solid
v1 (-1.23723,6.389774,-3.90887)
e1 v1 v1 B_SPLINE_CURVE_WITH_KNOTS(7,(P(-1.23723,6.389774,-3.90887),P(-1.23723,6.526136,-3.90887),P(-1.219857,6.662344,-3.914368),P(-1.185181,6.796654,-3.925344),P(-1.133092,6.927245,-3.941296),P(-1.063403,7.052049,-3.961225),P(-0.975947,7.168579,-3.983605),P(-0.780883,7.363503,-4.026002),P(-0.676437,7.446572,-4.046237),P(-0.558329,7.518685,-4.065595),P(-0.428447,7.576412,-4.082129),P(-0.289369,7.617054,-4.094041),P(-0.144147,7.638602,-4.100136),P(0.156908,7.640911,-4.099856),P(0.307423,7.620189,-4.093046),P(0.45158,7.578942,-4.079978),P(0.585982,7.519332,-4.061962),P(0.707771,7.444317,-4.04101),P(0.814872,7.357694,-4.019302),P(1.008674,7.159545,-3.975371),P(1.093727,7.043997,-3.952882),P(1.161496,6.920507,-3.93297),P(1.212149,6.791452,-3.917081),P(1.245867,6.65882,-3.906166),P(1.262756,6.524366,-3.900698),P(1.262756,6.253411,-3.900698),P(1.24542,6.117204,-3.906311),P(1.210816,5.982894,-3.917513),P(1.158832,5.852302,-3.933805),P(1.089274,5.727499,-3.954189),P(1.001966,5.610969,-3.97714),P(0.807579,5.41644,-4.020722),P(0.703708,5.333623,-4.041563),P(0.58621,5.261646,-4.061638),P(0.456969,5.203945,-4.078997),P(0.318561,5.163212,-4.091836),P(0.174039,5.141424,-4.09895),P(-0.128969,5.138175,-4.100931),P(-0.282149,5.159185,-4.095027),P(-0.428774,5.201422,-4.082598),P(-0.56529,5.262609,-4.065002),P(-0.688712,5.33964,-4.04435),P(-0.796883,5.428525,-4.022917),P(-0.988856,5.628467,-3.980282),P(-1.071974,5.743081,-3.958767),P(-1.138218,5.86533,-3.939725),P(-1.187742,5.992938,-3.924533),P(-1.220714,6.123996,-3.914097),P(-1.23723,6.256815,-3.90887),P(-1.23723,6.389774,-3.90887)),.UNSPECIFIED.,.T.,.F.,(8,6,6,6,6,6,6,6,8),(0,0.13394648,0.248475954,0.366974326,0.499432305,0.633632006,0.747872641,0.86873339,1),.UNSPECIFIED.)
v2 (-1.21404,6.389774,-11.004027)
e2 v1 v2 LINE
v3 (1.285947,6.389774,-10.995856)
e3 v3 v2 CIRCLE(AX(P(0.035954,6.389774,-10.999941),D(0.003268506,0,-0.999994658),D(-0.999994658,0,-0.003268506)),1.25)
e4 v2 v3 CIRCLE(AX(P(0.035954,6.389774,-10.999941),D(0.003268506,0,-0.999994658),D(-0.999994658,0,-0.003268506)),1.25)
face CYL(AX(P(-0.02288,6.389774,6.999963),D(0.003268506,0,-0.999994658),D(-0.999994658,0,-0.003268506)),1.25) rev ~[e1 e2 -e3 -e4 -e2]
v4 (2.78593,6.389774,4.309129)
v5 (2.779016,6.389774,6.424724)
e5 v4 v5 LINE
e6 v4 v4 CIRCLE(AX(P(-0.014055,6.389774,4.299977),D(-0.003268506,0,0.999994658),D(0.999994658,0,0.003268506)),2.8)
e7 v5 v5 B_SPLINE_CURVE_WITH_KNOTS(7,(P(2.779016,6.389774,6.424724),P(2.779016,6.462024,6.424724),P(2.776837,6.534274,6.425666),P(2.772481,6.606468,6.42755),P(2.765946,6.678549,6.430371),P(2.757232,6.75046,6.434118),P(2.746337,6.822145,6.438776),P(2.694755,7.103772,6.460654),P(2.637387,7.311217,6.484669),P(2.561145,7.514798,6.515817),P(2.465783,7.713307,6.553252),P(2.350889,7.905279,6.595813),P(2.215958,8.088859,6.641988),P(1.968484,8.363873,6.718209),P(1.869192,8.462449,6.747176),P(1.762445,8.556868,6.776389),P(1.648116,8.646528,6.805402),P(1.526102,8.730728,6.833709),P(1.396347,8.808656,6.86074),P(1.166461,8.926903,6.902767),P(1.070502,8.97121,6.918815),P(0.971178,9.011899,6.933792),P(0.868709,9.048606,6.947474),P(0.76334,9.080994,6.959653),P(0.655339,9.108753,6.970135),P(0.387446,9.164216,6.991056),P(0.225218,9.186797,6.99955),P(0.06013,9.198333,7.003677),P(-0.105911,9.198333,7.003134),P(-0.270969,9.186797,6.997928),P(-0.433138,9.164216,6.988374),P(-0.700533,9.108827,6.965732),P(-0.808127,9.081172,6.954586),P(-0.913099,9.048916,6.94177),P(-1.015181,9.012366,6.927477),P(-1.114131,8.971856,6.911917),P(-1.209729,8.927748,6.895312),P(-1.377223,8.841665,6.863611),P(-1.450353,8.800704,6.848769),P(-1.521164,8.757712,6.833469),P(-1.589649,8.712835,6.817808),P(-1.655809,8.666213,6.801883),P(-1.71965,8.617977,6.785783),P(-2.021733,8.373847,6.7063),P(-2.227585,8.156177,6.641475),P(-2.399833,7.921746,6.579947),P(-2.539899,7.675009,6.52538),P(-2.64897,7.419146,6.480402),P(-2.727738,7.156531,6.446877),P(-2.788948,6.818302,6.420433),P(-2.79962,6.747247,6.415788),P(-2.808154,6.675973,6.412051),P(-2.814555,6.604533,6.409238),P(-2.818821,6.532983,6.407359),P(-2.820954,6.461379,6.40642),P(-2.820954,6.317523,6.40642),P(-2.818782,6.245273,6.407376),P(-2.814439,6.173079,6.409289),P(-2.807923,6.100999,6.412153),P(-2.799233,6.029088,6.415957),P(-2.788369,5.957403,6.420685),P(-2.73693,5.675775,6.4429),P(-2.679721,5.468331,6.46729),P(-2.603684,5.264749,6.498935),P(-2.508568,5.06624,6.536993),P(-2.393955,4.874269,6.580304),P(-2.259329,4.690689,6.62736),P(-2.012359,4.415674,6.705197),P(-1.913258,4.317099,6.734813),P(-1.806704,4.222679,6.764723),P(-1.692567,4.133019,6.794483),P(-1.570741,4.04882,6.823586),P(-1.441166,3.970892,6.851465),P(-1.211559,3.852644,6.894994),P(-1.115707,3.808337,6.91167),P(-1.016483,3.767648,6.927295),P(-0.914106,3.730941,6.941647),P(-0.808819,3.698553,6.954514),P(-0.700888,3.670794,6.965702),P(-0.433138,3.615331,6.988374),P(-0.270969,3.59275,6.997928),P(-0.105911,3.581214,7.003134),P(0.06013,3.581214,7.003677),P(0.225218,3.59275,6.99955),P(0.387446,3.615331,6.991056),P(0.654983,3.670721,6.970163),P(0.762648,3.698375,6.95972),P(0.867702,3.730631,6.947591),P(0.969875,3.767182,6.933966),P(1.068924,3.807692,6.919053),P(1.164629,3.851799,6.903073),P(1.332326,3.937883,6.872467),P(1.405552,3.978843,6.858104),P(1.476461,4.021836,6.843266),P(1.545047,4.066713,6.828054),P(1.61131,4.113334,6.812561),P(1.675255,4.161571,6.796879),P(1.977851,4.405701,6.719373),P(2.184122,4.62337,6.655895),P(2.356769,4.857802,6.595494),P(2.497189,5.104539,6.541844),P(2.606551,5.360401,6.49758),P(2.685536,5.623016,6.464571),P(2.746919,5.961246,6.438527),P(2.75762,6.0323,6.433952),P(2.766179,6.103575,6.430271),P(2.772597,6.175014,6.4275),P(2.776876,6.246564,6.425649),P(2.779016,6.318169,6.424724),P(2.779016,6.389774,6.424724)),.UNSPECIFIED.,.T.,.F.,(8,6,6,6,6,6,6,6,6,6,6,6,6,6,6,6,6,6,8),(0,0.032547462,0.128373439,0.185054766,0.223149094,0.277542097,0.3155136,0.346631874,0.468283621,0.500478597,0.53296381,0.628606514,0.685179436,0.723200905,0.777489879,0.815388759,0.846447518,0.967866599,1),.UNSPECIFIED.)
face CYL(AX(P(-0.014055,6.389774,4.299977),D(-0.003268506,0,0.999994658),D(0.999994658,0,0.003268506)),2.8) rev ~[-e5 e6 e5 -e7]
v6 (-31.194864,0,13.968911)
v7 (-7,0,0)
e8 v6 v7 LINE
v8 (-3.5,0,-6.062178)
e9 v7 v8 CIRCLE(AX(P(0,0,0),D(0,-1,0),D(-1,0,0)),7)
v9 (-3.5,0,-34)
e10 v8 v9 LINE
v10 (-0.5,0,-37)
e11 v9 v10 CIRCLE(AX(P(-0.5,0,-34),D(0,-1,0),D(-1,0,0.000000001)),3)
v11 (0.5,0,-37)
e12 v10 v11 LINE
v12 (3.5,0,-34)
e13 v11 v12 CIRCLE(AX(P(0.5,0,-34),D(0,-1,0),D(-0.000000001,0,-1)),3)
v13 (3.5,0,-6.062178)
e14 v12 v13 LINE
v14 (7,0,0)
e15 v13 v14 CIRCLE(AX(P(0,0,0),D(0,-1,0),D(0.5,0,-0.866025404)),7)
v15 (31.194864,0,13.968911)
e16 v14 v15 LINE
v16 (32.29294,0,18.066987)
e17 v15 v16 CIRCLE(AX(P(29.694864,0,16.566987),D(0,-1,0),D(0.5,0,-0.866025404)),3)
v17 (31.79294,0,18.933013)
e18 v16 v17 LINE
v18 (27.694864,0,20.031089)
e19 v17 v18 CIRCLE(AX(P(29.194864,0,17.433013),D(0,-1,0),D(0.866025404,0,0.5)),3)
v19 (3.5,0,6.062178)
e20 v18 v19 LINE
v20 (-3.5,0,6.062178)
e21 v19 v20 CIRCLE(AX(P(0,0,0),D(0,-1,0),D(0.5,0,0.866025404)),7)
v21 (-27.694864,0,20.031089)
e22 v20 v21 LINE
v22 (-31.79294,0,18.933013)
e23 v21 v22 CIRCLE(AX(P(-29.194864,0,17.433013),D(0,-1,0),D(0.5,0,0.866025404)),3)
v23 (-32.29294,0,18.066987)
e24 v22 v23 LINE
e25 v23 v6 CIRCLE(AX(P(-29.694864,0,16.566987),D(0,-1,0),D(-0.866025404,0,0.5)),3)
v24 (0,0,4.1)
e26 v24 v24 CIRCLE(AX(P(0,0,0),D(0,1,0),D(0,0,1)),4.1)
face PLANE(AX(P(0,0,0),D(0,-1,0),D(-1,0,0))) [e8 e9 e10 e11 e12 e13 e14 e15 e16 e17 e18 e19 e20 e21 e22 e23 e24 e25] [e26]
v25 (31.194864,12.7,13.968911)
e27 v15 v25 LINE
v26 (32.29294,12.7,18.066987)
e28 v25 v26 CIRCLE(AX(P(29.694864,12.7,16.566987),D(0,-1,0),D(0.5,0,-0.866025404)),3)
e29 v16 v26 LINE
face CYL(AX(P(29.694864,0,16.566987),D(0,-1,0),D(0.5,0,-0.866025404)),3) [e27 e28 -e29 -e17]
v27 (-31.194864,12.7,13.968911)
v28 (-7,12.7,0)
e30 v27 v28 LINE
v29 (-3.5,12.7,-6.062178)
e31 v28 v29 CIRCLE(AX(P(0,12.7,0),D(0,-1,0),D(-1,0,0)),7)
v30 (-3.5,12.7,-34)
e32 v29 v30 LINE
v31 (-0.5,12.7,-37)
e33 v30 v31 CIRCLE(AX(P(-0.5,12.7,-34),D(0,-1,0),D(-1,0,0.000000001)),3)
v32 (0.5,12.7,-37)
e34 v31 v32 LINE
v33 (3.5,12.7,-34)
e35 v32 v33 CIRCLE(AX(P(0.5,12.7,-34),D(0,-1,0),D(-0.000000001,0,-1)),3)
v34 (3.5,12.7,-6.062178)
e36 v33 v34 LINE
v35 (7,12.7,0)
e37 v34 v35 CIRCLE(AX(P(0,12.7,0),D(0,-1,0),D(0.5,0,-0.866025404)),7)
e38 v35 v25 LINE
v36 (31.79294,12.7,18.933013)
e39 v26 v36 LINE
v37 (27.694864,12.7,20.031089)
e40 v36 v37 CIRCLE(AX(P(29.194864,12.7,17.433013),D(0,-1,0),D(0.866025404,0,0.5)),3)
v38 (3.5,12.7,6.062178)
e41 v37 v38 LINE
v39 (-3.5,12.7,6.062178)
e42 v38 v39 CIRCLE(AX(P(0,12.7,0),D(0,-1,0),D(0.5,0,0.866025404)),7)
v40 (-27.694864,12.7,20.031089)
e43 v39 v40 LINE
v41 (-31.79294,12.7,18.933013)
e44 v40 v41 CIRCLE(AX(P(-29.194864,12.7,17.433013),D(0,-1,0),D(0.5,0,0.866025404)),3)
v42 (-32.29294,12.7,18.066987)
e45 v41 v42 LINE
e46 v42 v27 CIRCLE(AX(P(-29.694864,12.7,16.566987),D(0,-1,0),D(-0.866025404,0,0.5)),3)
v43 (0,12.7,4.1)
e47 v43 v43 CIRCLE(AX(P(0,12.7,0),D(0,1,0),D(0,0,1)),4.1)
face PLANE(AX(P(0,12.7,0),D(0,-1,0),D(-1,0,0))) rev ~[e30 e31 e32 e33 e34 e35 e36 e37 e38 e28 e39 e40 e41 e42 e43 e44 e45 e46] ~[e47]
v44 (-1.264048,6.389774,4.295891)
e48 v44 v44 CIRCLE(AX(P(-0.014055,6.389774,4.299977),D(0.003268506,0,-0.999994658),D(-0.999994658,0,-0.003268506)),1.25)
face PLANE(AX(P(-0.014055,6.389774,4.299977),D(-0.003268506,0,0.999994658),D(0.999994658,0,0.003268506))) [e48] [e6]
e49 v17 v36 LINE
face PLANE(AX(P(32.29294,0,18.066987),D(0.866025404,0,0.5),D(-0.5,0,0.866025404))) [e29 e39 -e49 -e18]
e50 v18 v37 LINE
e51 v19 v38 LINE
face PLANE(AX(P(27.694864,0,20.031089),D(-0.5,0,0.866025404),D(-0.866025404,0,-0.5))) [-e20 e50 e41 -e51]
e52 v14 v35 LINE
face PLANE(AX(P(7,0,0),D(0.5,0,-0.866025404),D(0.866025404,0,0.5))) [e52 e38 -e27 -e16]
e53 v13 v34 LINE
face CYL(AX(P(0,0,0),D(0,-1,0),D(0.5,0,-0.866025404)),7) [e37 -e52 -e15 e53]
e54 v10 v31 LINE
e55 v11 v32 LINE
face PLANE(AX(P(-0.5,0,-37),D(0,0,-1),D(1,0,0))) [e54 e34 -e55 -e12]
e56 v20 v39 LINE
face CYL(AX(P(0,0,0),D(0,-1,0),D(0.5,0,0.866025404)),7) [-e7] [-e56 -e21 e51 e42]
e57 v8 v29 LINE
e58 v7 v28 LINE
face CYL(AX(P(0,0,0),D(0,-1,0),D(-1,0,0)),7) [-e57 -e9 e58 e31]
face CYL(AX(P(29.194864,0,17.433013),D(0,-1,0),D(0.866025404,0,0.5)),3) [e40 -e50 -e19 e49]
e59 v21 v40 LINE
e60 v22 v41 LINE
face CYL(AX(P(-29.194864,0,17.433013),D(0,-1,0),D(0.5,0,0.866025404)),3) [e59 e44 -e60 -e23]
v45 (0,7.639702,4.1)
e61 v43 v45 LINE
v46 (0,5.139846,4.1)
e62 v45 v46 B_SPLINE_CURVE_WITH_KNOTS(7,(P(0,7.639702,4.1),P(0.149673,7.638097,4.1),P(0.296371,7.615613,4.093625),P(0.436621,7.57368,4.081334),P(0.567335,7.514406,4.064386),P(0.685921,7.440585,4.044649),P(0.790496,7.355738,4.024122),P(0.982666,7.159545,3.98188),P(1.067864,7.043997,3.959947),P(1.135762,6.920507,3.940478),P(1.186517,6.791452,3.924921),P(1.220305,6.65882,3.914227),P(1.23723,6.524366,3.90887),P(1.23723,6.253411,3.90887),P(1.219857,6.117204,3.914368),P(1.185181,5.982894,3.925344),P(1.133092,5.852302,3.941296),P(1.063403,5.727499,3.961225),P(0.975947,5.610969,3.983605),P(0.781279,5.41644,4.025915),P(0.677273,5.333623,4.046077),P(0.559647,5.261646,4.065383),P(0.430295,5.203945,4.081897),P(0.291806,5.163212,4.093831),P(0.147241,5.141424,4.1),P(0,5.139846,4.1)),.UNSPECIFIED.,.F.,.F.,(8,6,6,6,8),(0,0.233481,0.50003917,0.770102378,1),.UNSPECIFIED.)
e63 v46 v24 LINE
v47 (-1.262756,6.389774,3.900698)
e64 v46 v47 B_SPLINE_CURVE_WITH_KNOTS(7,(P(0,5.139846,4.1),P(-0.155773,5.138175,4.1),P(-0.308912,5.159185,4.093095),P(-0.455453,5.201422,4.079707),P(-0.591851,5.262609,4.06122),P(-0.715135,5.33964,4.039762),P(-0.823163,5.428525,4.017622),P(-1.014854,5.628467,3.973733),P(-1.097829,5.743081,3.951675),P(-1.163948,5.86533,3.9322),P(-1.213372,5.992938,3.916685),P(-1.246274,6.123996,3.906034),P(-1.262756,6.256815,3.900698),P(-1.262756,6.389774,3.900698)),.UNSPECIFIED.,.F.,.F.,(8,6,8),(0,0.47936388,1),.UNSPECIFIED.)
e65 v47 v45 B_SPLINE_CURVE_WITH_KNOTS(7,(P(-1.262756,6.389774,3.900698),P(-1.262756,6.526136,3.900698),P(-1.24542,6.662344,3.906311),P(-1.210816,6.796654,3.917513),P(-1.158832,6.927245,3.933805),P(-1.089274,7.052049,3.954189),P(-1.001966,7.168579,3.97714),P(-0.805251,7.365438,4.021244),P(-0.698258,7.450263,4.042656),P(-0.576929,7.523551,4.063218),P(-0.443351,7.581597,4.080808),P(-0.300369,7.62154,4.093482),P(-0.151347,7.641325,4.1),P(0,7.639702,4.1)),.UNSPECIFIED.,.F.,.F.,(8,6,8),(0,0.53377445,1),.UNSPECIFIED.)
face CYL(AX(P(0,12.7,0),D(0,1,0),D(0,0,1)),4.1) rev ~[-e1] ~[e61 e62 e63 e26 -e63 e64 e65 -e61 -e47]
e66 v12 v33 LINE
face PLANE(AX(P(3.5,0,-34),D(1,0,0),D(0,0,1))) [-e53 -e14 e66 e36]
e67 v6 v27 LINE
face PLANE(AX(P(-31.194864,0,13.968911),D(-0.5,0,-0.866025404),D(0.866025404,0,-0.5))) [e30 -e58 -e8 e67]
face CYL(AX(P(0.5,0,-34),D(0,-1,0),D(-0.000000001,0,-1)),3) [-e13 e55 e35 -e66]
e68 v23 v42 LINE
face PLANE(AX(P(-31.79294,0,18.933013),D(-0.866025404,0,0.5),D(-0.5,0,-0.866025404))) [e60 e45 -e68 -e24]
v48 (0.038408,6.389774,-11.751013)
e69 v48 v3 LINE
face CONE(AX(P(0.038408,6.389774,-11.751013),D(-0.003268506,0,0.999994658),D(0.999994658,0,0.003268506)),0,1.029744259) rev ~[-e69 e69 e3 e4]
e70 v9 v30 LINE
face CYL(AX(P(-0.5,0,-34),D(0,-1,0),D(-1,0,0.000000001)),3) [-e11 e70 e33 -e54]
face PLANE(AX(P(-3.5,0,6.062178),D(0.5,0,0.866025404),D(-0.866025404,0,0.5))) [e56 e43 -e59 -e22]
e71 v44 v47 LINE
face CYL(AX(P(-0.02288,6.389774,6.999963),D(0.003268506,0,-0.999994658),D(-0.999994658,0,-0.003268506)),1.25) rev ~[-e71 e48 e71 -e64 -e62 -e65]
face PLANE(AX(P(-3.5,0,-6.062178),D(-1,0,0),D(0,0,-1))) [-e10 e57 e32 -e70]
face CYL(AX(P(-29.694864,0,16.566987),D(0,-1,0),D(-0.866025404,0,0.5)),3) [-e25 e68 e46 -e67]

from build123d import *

# Parameters (mm, degrees)
BOSS_EXTRUDE1_DEPTH                               = 12.7
SKETCH2_R                                         = 4.1
CUT_EXTRUDE1_DEPTH                                = 51.982782527
CBORE_FOR_M5_HEX_HEAD_BOLT1_D                     = 2.5
CBORE_FOR_M5_HEX_HEAD_BOLT1_DEPTH                 = 18
CBORE_FOR_M5_HEX_HEAD_BOLT1_CBORE_D               = 5.6
CBORE_FOR_M5_HEX_HEAD_BOLT1_CBORE_DEPTH           = 2.7
CBORE_FOR_M5_HEX_HEAD_BOLT1_TIP                   = 0.751075774
CBORE_FOR_M5_HEX_HEAD_BOLT1_ON_FACE_2_D           = 2.5
CBORE_FOR_M5_HEX_HEAD_BOLT1_ON_FACE_2_DEPTH       = 18
CBORE_FOR_M5_HEX_HEAD_BOLT1_ON_FACE_2_CBORE_D     = 5.6
CBORE_FOR_M5_HEX_HEAD_BOLT1_ON_FACE_2_CBORE_DEPTH = 2.7
CBORE_FOR_M5_HEX_HEAD_BOLT1_ON_FACE_2_TIP         = 0.751075774


with BuildPart() as part:
    # Sketch1 → Boss-Extrude1 (new body)
    with BuildSketch(Plane(origin=(0, 0, 0), x_dir=(1, 0, 0), z_dir=(0, 1, 0))):
        with BuildLine():
            Line((-0.5, 37), (0.5, 37))
            ThreePointArc((0.5, 37), (2.621320344, 36.121320344), (3.5, 34))
            Line((3.5, 34), (3.5, 6.062177826))
            ThreePointArc((3.5, 6.062177826), (6.062177826, 3.5), (7, 0))
            Line((7, 0), (31.194863729, -13.968911087))
            ThreePointArc((31.194863729, -13.968911087), (32.592641208, -15.790530163), (32.29293994, -18.066987298))
            Line((32.29293994, -18.066987298), (31.79293994, -18.933012702))
            ThreePointArc((31.79293994, -18.933012702), (29.971320864, -20.330790181), (27.694863729, -20.031088913))
            Line((27.694863729, -20.031088913), (3.5, -6.062177826))
            ThreePointArc((3.5, -6.062177826), (0, -7), (-3.5, -6.062177826))
            Line((-3.5, -6.062177826), (-27.694863729, -20.031088913))
            ThreePointArc((-27.694863729, -20.031088913), (-29.971320864, -20.330790181), (-31.79293994, -18.933012702))
            Line((-31.79293994, -18.933012702), (-32.29293994, -18.066987298))
            ThreePointArc((-32.29293994, -18.066987298), (-32.592641208, -15.790530163), (-31.194863729, -13.968911087))
            Line((-31.194863729, -13.968911087), (-7, 0))
            ThreePointArc((-7, 0), (-6.062177826, 3.5), (-3.5, 6.062177826))
            Line((-3.5, 6.062177826), (-3.5, 34))
            ThreePointArc((-3.5, 34), (-2.621320344, 36.121320344), (-0.5, 37))
        make_face()
    extrude(amount=BOSS_EXTRUDE1_DEPTH)

    # Sketch2 → Cut-Extrude1 (cut, through all)
    with BuildSketch(Plane(origin=(0, 12.7, 0), x_dir=(1, 0, 0), z_dir=(0, 1, 0))):
        with Locations(Location((0, 0, 0), (0, 0, 270))):
            Circle(SKETCH2_R)
    extrude(amount=-CUT_EXTRUDE1_DEPTH, mode=Mode.SUBTRACT)

    # CBORE for M5 Hex Head Bolt1
    with Locations(Plane(origin=(-0.022879542, 6.389773721, 6.999962609), x_dir=(0.99999465842, 0, 0.003268506014), z_dir=(-0.003268506014, 0, 0.99999465842))):
        with Locations((0, 0)):
            CounterBoreHole(CBORE_FOR_M5_HEX_HEAD_BOLT1_D / 2, CBORE_FOR_M5_HEX_HEAD_BOLT1_CBORE_D / 2, CBORE_FOR_M5_HEX_HEAD_BOLT1_CBORE_DEPTH, depth=CBORE_FOR_M5_HEX_HEAD_BOLT1_DEPTH)
            with Locations((0, 0, -(CBORE_FOR_M5_HEX_HEAD_BOLT1_DEPTH + CBORE_FOR_M5_HEX_HEAD_BOLT1_TIP / 2))):  # 118° drill point
                Cone(0, CBORE_FOR_M5_HEX_HEAD_BOLT1_D / 2, CBORE_FOR_M5_HEX_HEAD_BOLT1_TIP, mode=Mode.SUBTRACT)

    # CBORE for M5 Hex Head Bolt1 on face 2
    with Locations(Plane(origin=(1.383929949, -4.684067914, 0), x_dir=(0.99999465842, 0, 0.003268506014), z_dir=(-0.003268506014, 0, 0.99999465842))):
        with Locations((0, 0)):
            CounterBoreHole(CBORE_FOR_M5_HEX_HEAD_BOLT1_ON_FACE_2_D / 2, CBORE_FOR_M5_HEX_HEAD_BOLT1_ON_FACE_2_CBORE_D / 2, CBORE_FOR_M5_HEX_HEAD_BOLT1_ON_FACE_2_CBORE_DEPTH, depth=CBORE_FOR_M5_HEX_HEAD_BOLT1_ON_FACE_2_DEPTH)
            with Locations((0, 0, -(CBORE_FOR_M5_HEX_HEAD_BOLT1_ON_FACE_2_DEPTH + CBORE_FOR_M5_HEX_HEAD_BOLT1_ON_FACE_2_TIP / 2))):  # 118° drill point
                Cone(0, CBORE_FOR_M5_HEX_HEAD_BOLT1_ON_FACE_2_D / 2, CBORE_FOR_M5_HEX_HEAD_BOLT1_ON_FACE_2_TIP, mode=Mode.SUBTRACT)


solid = part.part
